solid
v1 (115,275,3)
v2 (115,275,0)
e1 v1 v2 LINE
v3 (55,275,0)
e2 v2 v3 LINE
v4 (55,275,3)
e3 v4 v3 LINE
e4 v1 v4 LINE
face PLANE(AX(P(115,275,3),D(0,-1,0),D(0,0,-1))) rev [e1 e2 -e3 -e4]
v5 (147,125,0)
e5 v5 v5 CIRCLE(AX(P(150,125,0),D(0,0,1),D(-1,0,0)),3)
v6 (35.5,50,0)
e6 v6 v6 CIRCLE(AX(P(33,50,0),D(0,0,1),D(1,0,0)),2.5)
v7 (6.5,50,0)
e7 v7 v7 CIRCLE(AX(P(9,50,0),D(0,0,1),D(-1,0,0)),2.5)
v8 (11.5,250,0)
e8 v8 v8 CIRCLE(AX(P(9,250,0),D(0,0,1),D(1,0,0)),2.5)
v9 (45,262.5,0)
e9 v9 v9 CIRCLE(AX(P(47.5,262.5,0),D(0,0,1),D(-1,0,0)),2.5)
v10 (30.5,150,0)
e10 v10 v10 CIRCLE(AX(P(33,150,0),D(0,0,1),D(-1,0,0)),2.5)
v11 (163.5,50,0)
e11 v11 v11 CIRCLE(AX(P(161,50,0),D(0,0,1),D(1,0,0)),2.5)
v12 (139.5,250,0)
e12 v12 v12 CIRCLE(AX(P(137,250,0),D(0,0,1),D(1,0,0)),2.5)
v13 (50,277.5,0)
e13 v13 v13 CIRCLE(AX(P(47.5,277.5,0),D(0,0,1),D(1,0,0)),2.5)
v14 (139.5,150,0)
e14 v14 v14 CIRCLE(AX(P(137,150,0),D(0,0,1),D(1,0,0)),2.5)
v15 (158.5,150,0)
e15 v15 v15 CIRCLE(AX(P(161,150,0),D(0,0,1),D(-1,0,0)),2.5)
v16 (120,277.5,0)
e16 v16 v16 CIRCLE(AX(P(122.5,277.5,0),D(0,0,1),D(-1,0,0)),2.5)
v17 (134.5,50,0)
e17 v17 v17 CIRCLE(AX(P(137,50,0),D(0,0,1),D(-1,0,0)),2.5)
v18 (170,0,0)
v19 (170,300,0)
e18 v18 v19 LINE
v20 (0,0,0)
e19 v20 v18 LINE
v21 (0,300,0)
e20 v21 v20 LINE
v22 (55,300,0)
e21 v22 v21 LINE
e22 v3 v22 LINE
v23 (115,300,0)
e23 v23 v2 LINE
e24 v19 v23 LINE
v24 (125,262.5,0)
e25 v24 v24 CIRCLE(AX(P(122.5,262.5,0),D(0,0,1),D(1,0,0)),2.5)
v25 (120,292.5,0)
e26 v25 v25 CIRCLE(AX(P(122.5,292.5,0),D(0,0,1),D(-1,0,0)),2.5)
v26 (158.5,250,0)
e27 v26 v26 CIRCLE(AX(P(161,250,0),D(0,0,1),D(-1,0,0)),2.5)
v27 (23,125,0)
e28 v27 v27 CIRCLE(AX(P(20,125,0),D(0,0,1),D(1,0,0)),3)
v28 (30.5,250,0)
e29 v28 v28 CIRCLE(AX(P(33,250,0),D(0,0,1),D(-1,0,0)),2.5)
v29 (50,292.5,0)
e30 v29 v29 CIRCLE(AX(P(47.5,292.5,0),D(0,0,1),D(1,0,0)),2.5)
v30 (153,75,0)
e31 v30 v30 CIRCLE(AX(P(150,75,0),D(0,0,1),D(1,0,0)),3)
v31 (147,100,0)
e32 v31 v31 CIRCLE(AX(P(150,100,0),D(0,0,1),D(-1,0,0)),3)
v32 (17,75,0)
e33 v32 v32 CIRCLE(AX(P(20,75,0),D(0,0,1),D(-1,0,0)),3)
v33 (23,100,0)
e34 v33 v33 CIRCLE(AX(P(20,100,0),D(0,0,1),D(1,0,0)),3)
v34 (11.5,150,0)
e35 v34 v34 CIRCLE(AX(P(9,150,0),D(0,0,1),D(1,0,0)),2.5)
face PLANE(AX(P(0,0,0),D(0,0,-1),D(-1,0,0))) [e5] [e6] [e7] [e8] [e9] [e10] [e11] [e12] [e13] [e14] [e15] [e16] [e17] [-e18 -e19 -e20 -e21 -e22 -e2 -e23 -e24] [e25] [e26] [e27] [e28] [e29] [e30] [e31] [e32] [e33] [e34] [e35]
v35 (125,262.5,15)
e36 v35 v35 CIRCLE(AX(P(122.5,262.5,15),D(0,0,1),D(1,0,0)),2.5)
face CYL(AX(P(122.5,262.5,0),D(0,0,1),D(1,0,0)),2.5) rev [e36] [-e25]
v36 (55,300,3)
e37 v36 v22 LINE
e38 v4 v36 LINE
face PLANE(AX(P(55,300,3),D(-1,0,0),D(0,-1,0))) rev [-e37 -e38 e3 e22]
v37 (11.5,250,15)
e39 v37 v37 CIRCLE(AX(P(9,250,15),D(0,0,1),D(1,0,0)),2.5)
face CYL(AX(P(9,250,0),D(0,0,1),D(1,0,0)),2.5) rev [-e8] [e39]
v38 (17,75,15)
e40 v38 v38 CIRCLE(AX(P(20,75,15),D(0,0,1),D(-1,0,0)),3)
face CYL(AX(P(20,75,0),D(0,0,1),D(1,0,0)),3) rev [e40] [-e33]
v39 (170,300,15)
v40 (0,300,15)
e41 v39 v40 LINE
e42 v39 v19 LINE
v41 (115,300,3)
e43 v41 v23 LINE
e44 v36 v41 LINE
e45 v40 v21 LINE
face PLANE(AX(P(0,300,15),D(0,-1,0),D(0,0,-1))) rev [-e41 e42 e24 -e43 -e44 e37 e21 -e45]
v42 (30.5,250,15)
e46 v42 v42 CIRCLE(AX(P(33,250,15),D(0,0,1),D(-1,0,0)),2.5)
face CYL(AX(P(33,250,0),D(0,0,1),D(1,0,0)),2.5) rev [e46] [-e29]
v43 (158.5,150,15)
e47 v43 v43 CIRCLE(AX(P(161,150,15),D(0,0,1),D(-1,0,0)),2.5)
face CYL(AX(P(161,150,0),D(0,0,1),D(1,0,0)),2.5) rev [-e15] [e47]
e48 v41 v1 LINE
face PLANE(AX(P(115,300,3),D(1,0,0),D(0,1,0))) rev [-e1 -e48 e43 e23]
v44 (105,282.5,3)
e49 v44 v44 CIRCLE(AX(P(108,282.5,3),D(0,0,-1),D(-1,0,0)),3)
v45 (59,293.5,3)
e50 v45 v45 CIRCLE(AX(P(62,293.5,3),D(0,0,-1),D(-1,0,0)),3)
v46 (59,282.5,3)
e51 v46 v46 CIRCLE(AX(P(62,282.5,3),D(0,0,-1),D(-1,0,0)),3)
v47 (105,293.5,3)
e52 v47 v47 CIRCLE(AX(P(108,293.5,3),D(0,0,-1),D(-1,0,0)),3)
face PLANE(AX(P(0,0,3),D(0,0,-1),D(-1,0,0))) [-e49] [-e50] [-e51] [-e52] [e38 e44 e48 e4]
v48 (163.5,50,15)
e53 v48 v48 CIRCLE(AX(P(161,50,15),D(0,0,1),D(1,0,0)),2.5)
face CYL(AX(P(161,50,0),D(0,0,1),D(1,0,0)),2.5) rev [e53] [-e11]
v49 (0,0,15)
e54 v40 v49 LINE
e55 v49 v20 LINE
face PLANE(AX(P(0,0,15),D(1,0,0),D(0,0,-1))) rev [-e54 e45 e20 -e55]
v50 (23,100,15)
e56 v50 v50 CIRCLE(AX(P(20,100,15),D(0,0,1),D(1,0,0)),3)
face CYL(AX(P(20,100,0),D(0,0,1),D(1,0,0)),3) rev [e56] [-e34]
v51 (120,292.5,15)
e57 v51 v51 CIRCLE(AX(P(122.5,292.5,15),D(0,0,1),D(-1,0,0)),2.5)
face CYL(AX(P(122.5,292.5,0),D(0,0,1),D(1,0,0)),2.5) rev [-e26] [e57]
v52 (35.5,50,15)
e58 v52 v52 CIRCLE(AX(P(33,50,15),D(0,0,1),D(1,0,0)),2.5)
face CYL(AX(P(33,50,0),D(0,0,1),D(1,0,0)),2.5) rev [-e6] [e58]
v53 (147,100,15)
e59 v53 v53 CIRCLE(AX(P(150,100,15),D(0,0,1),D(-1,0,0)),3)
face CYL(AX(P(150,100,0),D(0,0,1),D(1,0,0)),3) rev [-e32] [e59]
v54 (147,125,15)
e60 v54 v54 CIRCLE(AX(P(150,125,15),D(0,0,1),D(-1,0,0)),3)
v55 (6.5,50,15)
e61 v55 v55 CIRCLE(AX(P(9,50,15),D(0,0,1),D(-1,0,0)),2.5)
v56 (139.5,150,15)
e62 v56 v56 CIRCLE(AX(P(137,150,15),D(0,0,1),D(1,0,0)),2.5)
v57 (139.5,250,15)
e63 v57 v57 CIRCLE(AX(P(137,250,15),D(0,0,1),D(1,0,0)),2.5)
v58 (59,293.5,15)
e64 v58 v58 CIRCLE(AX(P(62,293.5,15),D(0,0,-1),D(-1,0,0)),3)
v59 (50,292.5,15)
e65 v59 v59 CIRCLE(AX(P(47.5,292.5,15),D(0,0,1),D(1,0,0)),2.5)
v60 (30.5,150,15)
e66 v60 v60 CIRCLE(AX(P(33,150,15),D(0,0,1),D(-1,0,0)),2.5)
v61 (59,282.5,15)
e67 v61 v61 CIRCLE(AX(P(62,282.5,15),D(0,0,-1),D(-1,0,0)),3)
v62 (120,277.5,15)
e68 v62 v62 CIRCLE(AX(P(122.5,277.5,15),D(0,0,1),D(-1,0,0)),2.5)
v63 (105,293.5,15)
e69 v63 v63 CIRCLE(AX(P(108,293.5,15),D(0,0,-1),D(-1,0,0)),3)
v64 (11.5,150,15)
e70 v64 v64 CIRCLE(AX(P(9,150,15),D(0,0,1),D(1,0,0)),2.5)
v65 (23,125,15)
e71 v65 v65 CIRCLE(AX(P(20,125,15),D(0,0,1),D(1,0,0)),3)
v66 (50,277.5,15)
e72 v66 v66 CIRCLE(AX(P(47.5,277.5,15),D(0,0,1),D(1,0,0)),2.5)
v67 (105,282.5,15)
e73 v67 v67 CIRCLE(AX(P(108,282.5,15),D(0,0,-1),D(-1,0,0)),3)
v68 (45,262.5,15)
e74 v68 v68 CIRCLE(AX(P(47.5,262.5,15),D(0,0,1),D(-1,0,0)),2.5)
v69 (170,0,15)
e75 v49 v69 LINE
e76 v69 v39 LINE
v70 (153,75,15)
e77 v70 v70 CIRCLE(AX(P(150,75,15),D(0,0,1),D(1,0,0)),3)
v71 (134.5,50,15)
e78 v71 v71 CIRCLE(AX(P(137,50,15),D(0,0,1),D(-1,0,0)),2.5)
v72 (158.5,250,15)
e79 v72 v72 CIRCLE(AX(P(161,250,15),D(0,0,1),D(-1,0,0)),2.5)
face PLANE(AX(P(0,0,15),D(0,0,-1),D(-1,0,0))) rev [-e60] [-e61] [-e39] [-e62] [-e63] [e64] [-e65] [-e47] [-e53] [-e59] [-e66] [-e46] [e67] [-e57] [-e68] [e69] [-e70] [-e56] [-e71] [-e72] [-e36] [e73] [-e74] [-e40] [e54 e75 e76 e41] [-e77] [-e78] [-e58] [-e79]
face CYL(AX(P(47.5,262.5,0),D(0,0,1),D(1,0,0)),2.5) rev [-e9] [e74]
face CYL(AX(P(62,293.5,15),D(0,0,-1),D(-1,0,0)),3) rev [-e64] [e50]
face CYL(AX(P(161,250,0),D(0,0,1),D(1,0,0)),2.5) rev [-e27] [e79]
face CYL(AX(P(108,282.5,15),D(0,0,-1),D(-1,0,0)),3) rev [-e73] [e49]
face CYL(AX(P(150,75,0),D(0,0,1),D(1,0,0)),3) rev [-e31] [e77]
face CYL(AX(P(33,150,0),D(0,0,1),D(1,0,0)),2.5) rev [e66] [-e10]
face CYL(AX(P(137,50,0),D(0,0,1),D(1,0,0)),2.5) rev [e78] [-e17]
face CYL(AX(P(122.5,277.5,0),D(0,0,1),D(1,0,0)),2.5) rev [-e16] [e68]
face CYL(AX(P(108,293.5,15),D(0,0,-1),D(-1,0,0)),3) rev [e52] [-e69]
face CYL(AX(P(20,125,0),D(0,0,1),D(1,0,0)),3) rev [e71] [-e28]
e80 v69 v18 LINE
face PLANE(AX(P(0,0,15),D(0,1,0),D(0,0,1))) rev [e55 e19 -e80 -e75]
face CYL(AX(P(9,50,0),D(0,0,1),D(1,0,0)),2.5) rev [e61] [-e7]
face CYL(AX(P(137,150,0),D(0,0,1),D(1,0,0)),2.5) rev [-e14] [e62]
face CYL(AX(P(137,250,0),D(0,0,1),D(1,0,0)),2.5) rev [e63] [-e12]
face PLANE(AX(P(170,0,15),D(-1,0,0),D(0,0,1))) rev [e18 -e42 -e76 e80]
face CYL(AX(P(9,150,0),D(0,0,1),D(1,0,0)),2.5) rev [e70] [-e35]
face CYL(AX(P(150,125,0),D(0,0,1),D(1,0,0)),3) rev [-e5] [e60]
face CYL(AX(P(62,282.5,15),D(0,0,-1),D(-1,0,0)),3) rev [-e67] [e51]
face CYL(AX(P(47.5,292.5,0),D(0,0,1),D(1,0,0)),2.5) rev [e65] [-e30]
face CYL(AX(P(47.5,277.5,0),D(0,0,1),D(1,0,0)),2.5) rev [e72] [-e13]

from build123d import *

# Parameters (mm, degrees)
ESQUISSE1_W             = 170
ESQUISSE1_H             = 300
BOSS_EXTRU_1_DEPTH      = 15
ESQUISSE2_R             = 2.5
ENL_V_MAT_EXTRU_1_DEPTH = 15
ESQUISSE3_W             = 60
ESQUISSE3_H             = 25
ENL_V_MAT_EXTRU_2_DEPTH = 3
ESQUISSE4_R             = 3
ENL_V_MAT_EXTRU_3_DEPTH = 12
ENL_V_START             = -15
ESQUISSE5_R             = 2.5
ENL_V_MAT_EXTRU_4_DEPTH = 15
ESQUISSE6_R             = 3
ENL_V_MAT_EXTRU_5_DEPTH = 15


with BuildPart() as part:
    # Esquisse1 → Boss.-Extru.1 (new body)
    with BuildSketch(Plane.XY):
        with Locations((85, 150)):
            Rectangle(ESQUISSE1_W, ESQUISSE1_H)
    extrude(amount=BOSS_EXTRU_1_DEPTH)

    # Esquisse2 → Enlèv. mat.-Extru.1 (cut)
    with BuildSketch(Plane.XY.offset(15)):
        with Locations((9, 250)):
            Circle(ESQUISSE2_R)
        with Locations(Location((33, 250, 0), (0, 0, 180))):
            Circle(ESQUISSE2_R)
        with Locations((9, 150)):
            Circle(ESQUISSE2_R)
        with Locations(Location((33, 150, 0), (0, 0, 180))):
            Circle(ESQUISSE2_R)
        with Locations((33, 50)):
            Circle(ESQUISSE2_R)
        with Locations(Location((9, 50, 0), (0, 0, 180))):
            Circle(ESQUISSE2_R)
        with Locations((161, 50)):
            Circle(ESQUISSE2_R)
        with Locations(Location((137, 50, 0), (0, 0, 180))):
            Circle(ESQUISSE2_R)
        with Locations((137, 150)):
            Circle(ESQUISSE2_R)
        with Locations(Location((161, 150, 0), (0, 0, 180))):
            Circle(ESQUISSE2_R)
        with Locations((137, 250)):
            Circle(ESQUISSE2_R)
        with Locations(Location((161, 250, 0), (0, 0, 180))):
            Circle(ESQUISSE2_R)
    extrude(amount=-ENL_V_MAT_EXTRU_1_DEPTH, mode=Mode.SUBTRACT)

    # Esquisse3 → Enlèv. mat.-Extru.2 (cut)
    with BuildSketch(Plane(origin=(0, 0, 0), x_dir=(-1, 0, 0), z_dir=(0, 0, -1))):
        with Locations((-85, 287.5)):
            Rectangle(ESQUISSE3_W, ESQUISSE3_H)
    extrude(amount=-ENL_V_MAT_EXTRU_2_DEPTH, mode=Mode.SUBTRACT)

    # Esquisse4 → Enlèv. mat.-Extru.3 (cut)
    with BuildSketch(Plane(origin=(0, 0, 3), x_dir=(-1, 0, 0), z_dir=(0, 0, -1))):
        with Locations((-108, 293.5)):
            Circle(ESQUISSE4_R)
        with Locations((-62, 293.5)):
            Circle(ESQUISSE4_R)
        with Locations((-108, 282.5)):
            Circle(ESQUISSE4_R)
        with Locations((-62, 282.5)):
            Circle(ESQUISSE4_R)
    extrude(amount=-ENL_V_MAT_EXTRU_3_DEPTH, mode=Mode.SUBTRACT)

    # Esquisse5 → Enlèv. mat.-Extru.4 (cut)
    with BuildSketch(Plane.XY.offset(15).offset(ENL_V_START)):
        with Locations((47.5, 292.5)):
            Circle(ESQUISSE5_R)
        with Locations((47.5, 277.5)):
            Circle(ESQUISSE5_R)
        with Locations(Location((47.5, 262.5, 0), (0, 0, 180))):
            Circle(ESQUISSE5_R)
        with Locations((122.5, 262.5)):
            Circle(ESQUISSE5_R)
        with Locations(Location((122.5, 277.5, 0), (0, 0, 180))):
            Circle(ESQUISSE5_R)
        with Locations(Location((122.5, 292.5, 0), (0, 0, 180))):
            Circle(ESQUISSE5_R)
    extrude(amount=ENL_V_MAT_EXTRU_4_DEPTH, mode=Mode.SUBTRACT)

    # Esquisse6 → Enlèv. mat.-Extru.5 (cut)
    with BuildSketch(Plane.XY.offset(15)):
        with Locations((20, 100)):
            Circle(ESQUISSE6_R)
        with Locations((20, 125)):
            Circle(ESQUISSE6_R)
        with Locations(Location((20, 75, 0), (0, 0, 180))):
            Circle(ESQUISSE6_R)
        with Locations((150, 75)):
            Circle(ESQUISSE6_R)
        with Locations(Location((150, 125, 0), (0, 0, 180))):
            Circle(ESQUISSE6_R)
        with Locations(Location((150, 100, 0), (0, 0, 180))):
            Circle(ESQUISSE6_R)
    extrude(amount=-ENL_V_MAT_EXTRU_5_DEPTH, mode=Mode.SUBTRACT)


solid = part.part
